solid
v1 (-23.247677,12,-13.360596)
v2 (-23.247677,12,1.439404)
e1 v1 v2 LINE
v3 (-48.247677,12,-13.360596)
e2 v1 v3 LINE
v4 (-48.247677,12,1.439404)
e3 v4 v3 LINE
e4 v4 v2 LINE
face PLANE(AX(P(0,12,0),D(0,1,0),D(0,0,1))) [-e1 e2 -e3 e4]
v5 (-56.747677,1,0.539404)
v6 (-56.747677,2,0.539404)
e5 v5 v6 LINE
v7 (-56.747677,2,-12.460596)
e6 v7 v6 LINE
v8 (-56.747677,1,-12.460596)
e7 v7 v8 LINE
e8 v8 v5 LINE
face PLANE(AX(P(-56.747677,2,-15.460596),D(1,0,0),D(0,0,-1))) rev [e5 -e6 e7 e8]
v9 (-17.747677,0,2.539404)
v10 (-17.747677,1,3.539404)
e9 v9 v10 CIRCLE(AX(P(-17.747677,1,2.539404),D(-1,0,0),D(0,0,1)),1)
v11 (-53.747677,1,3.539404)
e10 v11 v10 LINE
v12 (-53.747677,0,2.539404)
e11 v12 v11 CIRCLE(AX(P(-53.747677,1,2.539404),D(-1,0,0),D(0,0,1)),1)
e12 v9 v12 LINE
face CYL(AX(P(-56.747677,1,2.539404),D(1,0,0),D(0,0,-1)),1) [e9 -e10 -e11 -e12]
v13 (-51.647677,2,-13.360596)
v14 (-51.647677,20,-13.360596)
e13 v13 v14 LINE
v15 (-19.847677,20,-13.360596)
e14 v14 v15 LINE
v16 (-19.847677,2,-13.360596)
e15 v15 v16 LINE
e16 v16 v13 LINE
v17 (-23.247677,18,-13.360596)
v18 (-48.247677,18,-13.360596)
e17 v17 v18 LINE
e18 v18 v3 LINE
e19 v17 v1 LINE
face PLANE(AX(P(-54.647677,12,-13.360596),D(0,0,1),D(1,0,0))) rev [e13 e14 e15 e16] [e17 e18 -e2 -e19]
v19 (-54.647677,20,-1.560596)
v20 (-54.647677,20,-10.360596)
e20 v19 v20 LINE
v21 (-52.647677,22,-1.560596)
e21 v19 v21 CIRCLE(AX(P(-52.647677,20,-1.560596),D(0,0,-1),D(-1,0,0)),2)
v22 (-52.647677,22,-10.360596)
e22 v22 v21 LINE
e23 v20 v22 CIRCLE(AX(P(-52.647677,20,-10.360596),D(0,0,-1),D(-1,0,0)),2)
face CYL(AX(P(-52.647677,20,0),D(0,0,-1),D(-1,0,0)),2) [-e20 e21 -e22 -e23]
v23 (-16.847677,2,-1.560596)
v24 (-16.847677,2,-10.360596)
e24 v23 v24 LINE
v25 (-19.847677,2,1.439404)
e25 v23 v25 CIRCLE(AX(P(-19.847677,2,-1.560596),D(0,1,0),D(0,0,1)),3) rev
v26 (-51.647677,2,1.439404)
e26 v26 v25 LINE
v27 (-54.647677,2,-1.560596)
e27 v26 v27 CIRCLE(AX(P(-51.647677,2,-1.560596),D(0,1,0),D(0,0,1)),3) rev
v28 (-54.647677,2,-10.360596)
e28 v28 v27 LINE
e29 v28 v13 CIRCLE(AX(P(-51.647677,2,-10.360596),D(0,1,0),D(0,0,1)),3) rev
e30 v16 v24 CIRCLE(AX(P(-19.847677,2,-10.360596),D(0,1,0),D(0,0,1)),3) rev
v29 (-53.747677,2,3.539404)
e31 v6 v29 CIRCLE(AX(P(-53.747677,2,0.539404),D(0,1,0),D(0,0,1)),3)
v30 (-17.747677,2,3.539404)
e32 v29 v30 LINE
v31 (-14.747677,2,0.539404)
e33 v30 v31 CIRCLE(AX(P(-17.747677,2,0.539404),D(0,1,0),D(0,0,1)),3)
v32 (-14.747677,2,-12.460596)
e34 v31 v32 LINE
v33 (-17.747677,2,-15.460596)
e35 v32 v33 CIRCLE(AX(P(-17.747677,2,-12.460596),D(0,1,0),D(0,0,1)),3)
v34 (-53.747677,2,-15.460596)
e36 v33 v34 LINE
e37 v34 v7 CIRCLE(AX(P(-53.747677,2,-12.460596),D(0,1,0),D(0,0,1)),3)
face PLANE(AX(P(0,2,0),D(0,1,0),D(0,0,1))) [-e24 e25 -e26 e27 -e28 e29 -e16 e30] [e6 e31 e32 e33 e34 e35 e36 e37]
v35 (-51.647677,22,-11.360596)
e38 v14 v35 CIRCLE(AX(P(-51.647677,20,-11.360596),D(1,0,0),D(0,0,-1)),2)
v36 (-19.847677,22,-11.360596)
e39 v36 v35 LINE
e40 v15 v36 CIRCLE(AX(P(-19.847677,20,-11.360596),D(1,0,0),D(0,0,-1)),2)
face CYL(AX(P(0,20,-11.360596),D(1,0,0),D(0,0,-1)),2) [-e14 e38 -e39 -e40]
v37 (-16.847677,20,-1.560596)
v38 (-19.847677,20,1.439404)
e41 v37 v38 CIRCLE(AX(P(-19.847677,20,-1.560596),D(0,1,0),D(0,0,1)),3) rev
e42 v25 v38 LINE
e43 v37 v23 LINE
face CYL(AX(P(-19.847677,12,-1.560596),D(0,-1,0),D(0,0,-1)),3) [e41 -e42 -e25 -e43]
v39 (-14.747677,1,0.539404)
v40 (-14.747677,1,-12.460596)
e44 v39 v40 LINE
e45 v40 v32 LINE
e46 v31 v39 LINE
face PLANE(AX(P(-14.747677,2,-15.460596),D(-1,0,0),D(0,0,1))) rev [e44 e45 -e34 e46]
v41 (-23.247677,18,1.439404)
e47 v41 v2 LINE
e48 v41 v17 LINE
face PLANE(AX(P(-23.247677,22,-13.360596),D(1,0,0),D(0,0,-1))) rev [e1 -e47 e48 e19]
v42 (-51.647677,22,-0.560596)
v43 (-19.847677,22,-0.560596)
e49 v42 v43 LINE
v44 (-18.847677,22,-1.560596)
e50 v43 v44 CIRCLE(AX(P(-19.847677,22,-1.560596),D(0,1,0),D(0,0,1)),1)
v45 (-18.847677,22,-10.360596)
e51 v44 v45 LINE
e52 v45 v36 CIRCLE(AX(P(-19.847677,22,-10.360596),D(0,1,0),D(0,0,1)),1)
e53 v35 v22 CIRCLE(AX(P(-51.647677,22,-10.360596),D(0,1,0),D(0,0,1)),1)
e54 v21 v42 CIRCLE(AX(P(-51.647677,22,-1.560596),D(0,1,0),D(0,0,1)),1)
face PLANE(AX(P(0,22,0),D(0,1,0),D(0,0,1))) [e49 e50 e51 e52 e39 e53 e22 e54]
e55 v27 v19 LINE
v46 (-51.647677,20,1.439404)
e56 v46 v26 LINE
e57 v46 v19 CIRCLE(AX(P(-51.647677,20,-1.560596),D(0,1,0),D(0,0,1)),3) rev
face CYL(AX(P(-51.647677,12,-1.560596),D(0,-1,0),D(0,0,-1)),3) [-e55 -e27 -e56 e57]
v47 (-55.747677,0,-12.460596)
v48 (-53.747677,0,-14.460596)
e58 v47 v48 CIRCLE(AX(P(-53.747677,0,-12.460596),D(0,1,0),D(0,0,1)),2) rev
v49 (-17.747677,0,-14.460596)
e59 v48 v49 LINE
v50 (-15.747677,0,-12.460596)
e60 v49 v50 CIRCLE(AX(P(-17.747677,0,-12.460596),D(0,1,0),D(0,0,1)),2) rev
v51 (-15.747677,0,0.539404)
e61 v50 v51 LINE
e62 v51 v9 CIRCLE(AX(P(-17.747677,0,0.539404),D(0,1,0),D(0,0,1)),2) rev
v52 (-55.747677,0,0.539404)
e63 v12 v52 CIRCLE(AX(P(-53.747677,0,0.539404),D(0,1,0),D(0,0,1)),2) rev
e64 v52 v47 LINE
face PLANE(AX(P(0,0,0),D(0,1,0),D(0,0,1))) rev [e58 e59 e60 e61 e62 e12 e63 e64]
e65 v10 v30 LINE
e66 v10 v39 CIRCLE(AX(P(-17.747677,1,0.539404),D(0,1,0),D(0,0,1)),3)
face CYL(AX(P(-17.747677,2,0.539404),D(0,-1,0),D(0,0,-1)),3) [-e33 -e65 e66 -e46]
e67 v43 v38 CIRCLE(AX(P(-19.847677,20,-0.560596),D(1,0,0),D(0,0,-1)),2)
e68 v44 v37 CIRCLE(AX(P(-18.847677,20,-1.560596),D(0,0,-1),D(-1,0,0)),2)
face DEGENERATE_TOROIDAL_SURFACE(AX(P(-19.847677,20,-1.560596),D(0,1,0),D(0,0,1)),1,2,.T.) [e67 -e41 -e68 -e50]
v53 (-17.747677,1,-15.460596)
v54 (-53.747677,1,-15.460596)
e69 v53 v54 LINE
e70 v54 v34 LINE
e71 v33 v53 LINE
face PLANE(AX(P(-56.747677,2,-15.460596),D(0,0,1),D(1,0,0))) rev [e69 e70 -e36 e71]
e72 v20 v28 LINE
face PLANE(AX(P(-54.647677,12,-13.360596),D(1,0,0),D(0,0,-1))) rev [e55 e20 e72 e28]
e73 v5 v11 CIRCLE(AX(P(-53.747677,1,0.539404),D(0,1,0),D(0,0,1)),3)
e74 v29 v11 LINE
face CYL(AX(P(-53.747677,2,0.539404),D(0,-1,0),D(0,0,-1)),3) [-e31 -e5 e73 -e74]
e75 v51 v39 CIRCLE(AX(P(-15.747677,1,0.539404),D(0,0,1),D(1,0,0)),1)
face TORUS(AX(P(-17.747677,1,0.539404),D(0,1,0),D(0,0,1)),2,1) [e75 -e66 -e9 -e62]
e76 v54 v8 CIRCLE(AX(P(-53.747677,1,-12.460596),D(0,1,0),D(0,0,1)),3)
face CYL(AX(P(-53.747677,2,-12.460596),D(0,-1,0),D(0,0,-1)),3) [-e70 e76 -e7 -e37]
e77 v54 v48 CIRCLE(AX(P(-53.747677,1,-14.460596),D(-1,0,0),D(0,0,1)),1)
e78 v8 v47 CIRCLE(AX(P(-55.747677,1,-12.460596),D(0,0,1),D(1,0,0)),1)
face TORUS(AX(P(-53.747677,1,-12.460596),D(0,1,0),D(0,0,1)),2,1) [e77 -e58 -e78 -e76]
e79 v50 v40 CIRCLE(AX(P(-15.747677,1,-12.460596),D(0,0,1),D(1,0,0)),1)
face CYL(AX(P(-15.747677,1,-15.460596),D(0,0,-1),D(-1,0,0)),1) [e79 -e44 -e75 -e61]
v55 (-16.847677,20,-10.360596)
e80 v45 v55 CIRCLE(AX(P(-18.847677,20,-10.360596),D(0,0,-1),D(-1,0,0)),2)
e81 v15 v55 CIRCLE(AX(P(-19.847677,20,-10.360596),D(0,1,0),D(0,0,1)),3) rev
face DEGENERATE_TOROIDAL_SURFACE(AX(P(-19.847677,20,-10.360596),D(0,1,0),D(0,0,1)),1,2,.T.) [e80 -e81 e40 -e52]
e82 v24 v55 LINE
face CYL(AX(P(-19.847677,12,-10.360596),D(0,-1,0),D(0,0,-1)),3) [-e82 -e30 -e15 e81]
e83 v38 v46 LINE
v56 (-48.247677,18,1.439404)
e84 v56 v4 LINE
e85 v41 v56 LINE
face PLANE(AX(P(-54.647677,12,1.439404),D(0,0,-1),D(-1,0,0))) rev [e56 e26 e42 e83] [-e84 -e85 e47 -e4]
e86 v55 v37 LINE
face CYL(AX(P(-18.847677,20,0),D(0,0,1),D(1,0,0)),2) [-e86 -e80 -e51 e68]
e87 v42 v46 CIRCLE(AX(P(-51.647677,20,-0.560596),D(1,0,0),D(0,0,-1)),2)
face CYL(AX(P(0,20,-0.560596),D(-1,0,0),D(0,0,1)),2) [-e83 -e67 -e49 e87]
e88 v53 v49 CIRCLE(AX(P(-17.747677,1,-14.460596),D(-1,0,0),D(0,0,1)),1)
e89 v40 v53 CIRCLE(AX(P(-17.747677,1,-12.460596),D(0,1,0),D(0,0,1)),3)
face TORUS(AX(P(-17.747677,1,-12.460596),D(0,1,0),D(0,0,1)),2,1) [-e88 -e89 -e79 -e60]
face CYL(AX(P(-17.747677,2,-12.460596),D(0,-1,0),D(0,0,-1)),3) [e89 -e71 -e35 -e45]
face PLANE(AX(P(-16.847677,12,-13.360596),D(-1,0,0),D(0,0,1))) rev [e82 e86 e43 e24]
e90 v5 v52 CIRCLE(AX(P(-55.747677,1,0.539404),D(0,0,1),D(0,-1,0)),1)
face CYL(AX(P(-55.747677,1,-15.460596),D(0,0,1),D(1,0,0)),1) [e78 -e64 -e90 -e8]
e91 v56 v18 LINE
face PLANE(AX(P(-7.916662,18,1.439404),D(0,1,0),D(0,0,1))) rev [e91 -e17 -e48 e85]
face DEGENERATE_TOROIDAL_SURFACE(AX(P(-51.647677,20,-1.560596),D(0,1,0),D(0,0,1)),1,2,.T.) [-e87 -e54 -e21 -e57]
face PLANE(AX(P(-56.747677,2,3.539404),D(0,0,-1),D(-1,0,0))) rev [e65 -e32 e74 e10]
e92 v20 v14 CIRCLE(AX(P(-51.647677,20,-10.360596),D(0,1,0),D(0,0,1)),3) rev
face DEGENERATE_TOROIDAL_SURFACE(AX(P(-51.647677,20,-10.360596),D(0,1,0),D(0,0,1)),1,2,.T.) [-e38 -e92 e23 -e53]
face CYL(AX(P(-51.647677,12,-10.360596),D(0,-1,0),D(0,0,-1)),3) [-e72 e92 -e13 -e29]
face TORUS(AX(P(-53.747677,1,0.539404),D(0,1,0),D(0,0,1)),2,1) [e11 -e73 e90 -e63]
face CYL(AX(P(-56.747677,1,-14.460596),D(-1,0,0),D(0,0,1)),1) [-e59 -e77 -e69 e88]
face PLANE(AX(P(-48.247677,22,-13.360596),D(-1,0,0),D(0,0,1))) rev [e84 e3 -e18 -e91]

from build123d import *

# Parameters (mm, degrees)
SKETCH1_W           = 42
SKETCH1_H           = 19
BOSS_EXTRUDE1_DEPTH = 2
FILLET1_R           = 3
FILLET2_R           = 1
SKETCH2_W           = 37.8
SKETCH2_H           = 14.8
BOSS_EXTRUDE2_DEPTH = 10
SKETCH3_W           = 6.4
SKETCH3_H           = 14.8
BOSS_EXTRUDE3_DEPTH = 10
SKETCH5_W           = 14.8
SKETCH5_H           = 4
BOSS_EXTRUDE4_DEPTH = 25
FILLET4_R           = 3
FILLET5_R           = 2


with BuildPart() as part:
    # Sketch1 → Boss-Extrude1 (new body)
    with BuildSketch(Plane(origin=(0, 0, 0), x_dir=(1, 0, 0), z_dir=(0, 1, 0))):
        with Locations((-35.747676634, 5.960595817)):
            Rectangle(SKETCH1_W, SKETCH1_H)
    extrude(amount=BOSS_EXTRUDE1_DEPTH)

    # Fillet1
    fillet1_edges = [part.edges().sort_by_distance(p)[0] for p in [
        (-56.747676634, 1, -15.460595817),
        (-14.747676634, 1, -15.460595817),
        (-14.747676634, 1, 3.539404183),
        (-56.747676634, 1, 3.539404183),
    ]]
    fillet(fillet1_edges, radius=FILLET1_R)

    # Fillet2
    fillet2_edges = [part.edges().sort_by_distance(p)[0] for p in [
        (-56.747676634, 0, -5.960595817),
        (-35.747676634, 0, -15.460595817),
        (-14.747676634, 0, -5.960595817),
        (-35.747676634, 0, 3.539404183),
        (-15.62635629, 0, 2.660724527),
        (-15.62635629, 0, -14.58191616),
        (-55.868996977, 0, 2.660724527),
        (-55.868996977, 0, -14.58191616),
    ]]
    fillet(fillet2_edges, radius=FILLET2_R)

    # Sketch2 → Boss-Extrude2 (add)
    with BuildSketch(Plane(origin=(0, 2, 0), x_dir=(1, 0, 0), z_dir=(0, 1, 0))):
        with Locations((-35.747676634, 5.960595817)):
            Rectangle(SKETCH2_W, SKETCH2_H)
    extrude(amount=BOSS_EXTRUDE2_DEPTH)

    # Sketch3 → Boss-Extrude3 (add)
    with BuildSketch(Plane(origin=(0, 12, 0), x_dir=(1, 0, 0), z_dir=(0, 1, 0))):
        with Locations((-20.047676634, 5.960595817)):
            Rectangle(SKETCH3_W, SKETCH3_H)
        with Locations((-51.447676634, 5.960595817)):
            Rectangle(SKETCH3_W, SKETCH3_H)
    extrude(amount=BOSS_EXTRUDE3_DEPTH)

    # Sketch5 → Boss-Extrude4 (add)
    with BuildSketch(Plane(origin=(-48.247676634, 0, 0), x_dir=(0, 0, -1), z_dir=(1, 0, 0))):
        with Locations((5.960595817, 20)):
            Rectangle(SKETCH5_W, SKETCH5_H)
    extrude(amount=BOSS_EXTRUDE4_DEPTH)

    # Fillet4
    fillet4_edges = [part.edges().sort_by_distance(p)[0] for p in [
        (-54.647676634, 12, -13.360595817),
        (-54.647676634, 12, 1.439404183),
        (-16.847676634, 12, 1.439404183),
        (-16.847676634, 12, -13.360595817),
    ]]
    fillet(fillet4_edges, radius=FILLET4_R)

    # Fillet5
    fillet5_edges = [part.edges().sort_by_distance(p)[0] for p in [
        (-35.747676634, 22, -13.360595817),
        (-16.847676634, 22, -5.960595817),
        (-35.747676634, 22, 1.439404183),
        (-54.647676634, 22, -5.960595817),
        (-53.768996977, 22, 0.560724527),
        (-53.768996977, 22, -12.48191616),
        (-17.72635629, 22, 0.560724527),
        (-17.72635629, 22, -12.48191616),
    ]]
    fillet(fillet5_edges, radius=FILLET5_R)


solid = part.part
